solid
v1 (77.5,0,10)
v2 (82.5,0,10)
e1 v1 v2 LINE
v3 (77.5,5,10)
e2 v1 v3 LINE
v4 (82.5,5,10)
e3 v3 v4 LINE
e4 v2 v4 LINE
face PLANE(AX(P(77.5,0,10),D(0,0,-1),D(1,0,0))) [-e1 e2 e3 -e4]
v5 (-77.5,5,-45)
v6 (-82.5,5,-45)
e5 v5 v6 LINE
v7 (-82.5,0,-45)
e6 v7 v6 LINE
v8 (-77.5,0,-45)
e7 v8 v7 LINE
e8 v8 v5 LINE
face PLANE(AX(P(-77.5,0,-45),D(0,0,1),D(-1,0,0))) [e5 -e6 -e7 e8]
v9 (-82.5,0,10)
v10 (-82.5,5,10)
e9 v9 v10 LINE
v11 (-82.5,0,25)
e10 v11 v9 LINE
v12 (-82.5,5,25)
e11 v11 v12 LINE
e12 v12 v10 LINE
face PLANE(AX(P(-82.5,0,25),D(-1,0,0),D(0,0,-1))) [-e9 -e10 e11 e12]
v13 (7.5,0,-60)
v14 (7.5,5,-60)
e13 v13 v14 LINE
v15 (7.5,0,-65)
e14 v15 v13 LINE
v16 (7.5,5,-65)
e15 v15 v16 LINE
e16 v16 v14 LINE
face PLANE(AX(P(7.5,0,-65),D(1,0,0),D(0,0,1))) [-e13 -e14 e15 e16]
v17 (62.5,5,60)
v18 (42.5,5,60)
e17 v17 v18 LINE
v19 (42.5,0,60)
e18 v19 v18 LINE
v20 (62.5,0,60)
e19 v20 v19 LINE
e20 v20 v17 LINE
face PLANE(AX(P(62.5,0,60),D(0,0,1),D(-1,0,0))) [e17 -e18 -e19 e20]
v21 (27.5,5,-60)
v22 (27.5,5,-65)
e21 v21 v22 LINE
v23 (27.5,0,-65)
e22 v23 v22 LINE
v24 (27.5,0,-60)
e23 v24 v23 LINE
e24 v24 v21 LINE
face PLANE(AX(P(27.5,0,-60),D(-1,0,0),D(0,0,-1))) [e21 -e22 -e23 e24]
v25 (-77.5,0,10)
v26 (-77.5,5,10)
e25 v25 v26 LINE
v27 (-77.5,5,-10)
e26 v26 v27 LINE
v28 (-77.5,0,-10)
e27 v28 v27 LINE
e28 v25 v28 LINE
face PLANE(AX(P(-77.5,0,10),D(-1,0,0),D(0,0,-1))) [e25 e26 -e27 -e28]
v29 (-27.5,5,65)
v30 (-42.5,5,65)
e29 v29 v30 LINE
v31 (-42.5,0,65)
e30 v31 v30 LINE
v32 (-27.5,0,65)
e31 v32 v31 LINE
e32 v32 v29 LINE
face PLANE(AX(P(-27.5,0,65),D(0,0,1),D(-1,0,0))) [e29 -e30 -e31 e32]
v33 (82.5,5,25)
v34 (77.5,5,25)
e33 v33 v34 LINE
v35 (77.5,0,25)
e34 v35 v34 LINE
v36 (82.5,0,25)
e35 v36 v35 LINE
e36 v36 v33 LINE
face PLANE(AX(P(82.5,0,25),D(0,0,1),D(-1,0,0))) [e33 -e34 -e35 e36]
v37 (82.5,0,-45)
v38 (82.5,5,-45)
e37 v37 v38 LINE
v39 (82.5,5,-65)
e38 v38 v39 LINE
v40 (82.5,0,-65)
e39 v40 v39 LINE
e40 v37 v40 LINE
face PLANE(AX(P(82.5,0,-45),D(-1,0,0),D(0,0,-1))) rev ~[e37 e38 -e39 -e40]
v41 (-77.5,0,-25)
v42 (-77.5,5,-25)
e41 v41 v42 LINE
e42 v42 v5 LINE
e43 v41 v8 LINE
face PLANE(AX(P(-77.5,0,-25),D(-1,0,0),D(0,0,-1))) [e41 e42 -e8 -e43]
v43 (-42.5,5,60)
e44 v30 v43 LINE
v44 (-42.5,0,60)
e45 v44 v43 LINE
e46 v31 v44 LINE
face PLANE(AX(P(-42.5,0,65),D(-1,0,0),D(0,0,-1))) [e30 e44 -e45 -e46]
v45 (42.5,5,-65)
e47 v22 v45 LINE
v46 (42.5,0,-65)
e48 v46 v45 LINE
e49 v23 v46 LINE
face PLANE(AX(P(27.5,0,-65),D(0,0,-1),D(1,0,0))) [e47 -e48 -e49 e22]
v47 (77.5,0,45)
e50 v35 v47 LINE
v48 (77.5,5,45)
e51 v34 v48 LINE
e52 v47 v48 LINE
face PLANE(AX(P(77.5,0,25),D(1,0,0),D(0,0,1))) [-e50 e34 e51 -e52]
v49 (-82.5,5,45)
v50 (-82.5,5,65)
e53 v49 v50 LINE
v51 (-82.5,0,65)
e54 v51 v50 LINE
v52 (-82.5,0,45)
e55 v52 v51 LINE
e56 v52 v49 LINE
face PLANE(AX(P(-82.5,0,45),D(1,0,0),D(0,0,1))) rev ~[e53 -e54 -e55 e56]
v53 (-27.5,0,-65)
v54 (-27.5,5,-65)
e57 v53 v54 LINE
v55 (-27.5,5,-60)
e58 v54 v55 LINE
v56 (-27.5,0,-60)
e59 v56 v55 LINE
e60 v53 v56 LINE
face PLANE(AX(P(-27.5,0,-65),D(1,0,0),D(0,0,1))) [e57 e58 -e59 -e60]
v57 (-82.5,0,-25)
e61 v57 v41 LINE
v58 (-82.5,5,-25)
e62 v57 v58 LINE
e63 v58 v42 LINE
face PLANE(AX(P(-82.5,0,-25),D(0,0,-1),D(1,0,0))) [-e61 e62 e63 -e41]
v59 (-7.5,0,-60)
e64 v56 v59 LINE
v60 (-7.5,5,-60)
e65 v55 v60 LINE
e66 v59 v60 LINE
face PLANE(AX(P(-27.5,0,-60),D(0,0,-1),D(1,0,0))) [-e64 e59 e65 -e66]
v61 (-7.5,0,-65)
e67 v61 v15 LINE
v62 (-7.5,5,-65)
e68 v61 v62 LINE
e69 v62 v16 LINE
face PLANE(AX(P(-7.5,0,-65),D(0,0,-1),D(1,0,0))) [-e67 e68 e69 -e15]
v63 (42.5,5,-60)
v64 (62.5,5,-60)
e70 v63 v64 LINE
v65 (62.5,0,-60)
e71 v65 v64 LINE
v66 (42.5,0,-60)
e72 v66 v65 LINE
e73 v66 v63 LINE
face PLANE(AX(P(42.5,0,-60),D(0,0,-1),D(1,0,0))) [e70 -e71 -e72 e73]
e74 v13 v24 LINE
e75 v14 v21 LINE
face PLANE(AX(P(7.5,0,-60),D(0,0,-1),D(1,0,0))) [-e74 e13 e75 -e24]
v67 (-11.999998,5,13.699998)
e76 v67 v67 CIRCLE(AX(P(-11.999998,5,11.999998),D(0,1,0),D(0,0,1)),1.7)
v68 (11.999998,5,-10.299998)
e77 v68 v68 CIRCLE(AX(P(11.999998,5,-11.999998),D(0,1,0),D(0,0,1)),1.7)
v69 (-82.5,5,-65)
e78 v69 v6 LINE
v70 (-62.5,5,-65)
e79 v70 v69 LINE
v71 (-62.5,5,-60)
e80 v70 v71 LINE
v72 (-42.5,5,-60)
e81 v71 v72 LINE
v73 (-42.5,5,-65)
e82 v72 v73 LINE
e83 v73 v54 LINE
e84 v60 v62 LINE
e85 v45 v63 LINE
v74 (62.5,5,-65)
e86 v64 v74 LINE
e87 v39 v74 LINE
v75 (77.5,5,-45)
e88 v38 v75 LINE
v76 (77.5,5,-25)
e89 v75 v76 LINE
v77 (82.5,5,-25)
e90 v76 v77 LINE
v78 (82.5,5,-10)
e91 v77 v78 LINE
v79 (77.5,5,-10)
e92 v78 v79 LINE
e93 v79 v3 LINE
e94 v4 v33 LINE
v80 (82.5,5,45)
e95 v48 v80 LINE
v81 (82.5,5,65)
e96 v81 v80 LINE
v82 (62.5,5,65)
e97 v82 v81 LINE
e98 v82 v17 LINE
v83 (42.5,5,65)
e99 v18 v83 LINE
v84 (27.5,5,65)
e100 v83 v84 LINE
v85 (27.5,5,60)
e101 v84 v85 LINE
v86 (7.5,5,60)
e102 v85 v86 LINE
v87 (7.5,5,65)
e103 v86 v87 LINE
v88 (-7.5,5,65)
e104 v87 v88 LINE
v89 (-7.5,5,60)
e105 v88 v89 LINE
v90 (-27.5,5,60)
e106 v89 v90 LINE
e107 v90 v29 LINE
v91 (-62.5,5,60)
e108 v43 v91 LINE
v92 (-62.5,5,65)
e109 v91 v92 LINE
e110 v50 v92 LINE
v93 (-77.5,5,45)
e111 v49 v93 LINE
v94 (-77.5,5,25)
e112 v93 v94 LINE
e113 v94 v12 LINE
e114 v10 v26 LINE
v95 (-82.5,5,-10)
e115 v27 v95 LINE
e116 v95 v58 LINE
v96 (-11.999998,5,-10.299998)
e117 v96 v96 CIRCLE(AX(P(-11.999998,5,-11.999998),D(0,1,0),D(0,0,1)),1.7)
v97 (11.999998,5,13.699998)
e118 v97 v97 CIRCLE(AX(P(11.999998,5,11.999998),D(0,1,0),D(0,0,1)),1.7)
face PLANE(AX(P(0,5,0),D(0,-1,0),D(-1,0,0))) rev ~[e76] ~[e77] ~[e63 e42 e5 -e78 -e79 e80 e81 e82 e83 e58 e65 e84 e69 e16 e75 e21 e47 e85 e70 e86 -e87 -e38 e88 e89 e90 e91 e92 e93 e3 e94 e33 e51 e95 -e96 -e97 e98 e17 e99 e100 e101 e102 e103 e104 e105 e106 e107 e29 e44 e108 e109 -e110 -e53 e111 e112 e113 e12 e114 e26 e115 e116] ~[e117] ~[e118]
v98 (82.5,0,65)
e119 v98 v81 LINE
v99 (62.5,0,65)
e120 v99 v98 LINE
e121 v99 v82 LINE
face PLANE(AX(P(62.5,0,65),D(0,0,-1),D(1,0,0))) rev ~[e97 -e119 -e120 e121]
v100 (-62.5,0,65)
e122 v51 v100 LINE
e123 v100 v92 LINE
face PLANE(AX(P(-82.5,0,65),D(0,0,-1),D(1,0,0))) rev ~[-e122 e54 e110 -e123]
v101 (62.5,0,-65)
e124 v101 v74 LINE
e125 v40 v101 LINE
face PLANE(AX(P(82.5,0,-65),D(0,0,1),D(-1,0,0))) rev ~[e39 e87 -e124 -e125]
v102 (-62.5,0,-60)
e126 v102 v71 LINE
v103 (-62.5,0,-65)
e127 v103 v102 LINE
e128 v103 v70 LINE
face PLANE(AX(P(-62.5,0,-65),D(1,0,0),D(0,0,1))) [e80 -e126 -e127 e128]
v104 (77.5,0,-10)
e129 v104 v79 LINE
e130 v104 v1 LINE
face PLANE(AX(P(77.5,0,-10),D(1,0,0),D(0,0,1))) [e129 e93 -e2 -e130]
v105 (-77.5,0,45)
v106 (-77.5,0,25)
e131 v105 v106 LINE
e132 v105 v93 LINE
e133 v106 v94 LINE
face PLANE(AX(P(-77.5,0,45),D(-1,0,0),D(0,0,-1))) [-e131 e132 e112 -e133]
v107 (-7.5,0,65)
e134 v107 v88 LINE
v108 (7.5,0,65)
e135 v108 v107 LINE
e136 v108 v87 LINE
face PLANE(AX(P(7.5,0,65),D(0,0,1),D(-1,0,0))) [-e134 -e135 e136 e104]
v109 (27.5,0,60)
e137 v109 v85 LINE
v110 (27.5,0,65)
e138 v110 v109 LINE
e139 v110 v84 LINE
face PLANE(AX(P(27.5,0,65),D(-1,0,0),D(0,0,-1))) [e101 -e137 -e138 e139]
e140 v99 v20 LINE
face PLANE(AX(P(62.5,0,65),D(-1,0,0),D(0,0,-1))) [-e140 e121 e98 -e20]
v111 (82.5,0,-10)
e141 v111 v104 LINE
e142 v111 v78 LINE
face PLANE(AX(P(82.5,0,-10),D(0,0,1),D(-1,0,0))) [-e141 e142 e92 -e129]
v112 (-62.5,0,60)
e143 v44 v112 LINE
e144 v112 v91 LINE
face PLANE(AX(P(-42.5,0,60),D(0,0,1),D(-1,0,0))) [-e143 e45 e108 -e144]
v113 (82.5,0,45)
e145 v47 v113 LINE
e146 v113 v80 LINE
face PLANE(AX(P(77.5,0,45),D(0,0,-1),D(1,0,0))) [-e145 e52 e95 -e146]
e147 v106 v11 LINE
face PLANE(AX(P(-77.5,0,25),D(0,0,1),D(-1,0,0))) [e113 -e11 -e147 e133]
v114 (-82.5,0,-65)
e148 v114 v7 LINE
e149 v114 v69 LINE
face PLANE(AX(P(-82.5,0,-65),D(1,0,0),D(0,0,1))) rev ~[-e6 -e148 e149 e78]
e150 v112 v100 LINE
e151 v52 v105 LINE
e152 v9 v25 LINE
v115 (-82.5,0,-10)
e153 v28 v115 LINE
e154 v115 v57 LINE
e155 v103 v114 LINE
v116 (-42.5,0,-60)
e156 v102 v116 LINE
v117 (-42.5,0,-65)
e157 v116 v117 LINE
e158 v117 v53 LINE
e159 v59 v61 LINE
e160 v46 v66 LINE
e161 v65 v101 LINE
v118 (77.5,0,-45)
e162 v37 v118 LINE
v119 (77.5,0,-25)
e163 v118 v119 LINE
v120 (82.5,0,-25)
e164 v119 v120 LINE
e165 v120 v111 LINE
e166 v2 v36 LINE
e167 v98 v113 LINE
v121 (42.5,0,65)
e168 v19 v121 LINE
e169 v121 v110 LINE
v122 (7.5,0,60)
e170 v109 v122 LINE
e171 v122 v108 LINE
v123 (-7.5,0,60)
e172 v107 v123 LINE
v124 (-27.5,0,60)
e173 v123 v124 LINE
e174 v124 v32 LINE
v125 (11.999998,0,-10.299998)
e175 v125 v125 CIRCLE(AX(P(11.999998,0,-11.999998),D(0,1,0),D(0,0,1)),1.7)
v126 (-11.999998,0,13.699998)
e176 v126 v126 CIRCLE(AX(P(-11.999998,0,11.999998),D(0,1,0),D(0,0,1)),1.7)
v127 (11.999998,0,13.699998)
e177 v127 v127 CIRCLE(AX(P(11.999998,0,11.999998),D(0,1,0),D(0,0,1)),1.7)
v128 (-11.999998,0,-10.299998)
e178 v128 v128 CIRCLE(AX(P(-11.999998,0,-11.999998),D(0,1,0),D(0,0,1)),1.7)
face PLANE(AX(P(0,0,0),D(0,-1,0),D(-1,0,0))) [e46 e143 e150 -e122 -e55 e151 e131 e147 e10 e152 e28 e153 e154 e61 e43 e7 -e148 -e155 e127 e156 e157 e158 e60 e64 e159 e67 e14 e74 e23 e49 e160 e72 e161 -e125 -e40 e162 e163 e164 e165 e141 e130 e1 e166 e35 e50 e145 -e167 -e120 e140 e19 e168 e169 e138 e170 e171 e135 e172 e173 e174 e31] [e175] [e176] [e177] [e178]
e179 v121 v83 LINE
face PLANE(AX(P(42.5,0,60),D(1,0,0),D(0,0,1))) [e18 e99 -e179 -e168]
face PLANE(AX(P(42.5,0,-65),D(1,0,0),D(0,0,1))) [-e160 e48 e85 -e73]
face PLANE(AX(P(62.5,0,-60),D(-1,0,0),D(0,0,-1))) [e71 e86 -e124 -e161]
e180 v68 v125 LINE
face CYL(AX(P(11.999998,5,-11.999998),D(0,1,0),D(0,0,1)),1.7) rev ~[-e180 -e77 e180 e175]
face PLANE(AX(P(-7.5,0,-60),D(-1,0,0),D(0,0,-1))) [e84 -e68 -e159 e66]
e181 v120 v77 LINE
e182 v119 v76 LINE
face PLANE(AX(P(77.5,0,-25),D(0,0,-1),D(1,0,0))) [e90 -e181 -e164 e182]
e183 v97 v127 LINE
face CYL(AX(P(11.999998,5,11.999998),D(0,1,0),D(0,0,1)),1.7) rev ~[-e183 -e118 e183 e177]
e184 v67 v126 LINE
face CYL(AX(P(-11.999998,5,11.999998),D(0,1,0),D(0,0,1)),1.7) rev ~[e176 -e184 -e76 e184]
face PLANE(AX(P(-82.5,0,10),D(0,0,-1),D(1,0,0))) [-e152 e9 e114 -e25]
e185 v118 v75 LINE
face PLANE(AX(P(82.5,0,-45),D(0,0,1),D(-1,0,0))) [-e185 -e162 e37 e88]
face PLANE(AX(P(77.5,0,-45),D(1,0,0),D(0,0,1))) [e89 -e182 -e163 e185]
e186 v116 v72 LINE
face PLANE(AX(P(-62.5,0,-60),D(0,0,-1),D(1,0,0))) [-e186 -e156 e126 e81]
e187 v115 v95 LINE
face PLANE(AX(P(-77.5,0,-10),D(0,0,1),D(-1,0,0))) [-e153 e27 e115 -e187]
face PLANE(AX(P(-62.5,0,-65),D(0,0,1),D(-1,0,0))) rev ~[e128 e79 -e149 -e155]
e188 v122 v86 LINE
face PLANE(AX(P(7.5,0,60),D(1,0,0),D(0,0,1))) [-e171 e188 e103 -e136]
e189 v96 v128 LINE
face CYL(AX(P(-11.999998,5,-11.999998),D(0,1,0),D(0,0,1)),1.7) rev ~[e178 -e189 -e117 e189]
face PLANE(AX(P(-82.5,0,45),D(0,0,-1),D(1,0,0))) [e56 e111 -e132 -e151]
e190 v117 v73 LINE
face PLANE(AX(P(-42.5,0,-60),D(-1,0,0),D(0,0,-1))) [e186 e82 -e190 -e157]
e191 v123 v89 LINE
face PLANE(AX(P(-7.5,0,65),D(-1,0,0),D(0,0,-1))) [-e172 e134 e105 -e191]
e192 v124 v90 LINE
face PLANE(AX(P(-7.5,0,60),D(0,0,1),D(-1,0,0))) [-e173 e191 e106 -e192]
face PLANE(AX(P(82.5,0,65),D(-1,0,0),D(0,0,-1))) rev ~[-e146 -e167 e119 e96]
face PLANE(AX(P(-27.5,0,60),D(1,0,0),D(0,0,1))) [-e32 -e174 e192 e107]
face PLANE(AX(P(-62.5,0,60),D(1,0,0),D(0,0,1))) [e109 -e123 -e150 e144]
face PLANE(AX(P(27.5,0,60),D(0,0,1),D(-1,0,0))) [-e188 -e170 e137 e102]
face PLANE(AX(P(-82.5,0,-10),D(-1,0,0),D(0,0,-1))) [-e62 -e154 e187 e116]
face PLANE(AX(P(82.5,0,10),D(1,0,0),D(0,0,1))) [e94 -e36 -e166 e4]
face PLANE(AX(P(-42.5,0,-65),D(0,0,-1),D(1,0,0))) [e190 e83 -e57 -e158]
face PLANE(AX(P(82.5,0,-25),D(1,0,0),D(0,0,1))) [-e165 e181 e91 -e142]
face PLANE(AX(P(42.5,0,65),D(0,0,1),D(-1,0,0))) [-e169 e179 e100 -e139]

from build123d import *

# Parameters (mm, degrees)
BOSS_EXTRUDE1_DEPTH = 5
SKETCH2_R           = 1.7
CUT_EXTRUDE1_DEPTH  = 10


with BuildPart() as part:
    # Sketch1 → Boss-Extrude1 (new body)
    with BuildSketch(Plane(origin=(0, 0, 0), x_dir=(1, 0, 0), z_dir=(0, 1, 0))):
        Polygon((-82.5, 60), (-82.5, 65), (-77.5, 65), (-62.5, 65), (-62.5, 60), (-42.5, 60), (-42.5, 65), (-27.5, 65), (-27.5, 60), (-7.5, 60), (-7.5, 65), (7.5, 65), (7.5, 60), (27.5, 60), (27.5, 65), (42.5, 65), (42.5, 60), (62.5, 60), (62.5, 65), (77.5, 65), (82.5, 65), (82.5, 60), (82.5, 45), (77.5, 45), (77.5, 25), (82.5, 25), (82.5, 10), (77.5, 10), (77.5, -10), (82.5, -10), (82.5, -25), (77.5, -25), (77.5, -45), (82.5, -45), (82.5, -60), (82.5, -65), (77.5, -65), (62.5, -65), (62.5, -60), (42.5, -60), (42.5, -65), (27.5, -65), (27.5, -60), (7.5, -60), (7.5, -65), (-7.5, -65), (-7.5, -60), (-27.5, -60), (-27.5, -65), (-42.5, -65), (-42.5, -60), (-62.5, -60), (-62.5, -65), (-77.5, -65), (-82.5, -65), (-82.5, -60), (-82.5, -45), (-77.5, -45), (-77.5, -25), (-82.5, -25), (-82.5, -10), (-77.5, -10), (-77.5, 10), (-82.5, 10), (-82.5, 25), (-77.5, 25), (-77.5, 45), (-82.5, 45), align=None)
    extrude(amount=BOSS_EXTRUDE1_DEPTH)

    # Sketch2 → Cut-Extrude1 (cut)
    with BuildSketch(Plane(origin=(0, 5, 0), x_dir=(1, 0, 0), z_dir=(0, 1, 0))):
        with Locations(Location((-11.999998057, -11.999998057, 0), (0, 0, 270))):
            Circle(SKETCH2_R)
        with Locations(Location((-11.999998057, 11.999998057, 0), (0, 0, 270))):
            Circle(SKETCH2_R)
        with Locations(Location((11.999998057, 11.999998057, 0), (0, 0, 270))):
            Circle(SKETCH2_R)
        with Locations(Location((11.999998057, -11.999998057, 0), (0, 0, 270))):
            Circle(SKETCH2_R)
    extrude(amount=-CUT_EXTRUDE1_DEPTH, mode=Mode.SUBTRACT)


solid = part.part
